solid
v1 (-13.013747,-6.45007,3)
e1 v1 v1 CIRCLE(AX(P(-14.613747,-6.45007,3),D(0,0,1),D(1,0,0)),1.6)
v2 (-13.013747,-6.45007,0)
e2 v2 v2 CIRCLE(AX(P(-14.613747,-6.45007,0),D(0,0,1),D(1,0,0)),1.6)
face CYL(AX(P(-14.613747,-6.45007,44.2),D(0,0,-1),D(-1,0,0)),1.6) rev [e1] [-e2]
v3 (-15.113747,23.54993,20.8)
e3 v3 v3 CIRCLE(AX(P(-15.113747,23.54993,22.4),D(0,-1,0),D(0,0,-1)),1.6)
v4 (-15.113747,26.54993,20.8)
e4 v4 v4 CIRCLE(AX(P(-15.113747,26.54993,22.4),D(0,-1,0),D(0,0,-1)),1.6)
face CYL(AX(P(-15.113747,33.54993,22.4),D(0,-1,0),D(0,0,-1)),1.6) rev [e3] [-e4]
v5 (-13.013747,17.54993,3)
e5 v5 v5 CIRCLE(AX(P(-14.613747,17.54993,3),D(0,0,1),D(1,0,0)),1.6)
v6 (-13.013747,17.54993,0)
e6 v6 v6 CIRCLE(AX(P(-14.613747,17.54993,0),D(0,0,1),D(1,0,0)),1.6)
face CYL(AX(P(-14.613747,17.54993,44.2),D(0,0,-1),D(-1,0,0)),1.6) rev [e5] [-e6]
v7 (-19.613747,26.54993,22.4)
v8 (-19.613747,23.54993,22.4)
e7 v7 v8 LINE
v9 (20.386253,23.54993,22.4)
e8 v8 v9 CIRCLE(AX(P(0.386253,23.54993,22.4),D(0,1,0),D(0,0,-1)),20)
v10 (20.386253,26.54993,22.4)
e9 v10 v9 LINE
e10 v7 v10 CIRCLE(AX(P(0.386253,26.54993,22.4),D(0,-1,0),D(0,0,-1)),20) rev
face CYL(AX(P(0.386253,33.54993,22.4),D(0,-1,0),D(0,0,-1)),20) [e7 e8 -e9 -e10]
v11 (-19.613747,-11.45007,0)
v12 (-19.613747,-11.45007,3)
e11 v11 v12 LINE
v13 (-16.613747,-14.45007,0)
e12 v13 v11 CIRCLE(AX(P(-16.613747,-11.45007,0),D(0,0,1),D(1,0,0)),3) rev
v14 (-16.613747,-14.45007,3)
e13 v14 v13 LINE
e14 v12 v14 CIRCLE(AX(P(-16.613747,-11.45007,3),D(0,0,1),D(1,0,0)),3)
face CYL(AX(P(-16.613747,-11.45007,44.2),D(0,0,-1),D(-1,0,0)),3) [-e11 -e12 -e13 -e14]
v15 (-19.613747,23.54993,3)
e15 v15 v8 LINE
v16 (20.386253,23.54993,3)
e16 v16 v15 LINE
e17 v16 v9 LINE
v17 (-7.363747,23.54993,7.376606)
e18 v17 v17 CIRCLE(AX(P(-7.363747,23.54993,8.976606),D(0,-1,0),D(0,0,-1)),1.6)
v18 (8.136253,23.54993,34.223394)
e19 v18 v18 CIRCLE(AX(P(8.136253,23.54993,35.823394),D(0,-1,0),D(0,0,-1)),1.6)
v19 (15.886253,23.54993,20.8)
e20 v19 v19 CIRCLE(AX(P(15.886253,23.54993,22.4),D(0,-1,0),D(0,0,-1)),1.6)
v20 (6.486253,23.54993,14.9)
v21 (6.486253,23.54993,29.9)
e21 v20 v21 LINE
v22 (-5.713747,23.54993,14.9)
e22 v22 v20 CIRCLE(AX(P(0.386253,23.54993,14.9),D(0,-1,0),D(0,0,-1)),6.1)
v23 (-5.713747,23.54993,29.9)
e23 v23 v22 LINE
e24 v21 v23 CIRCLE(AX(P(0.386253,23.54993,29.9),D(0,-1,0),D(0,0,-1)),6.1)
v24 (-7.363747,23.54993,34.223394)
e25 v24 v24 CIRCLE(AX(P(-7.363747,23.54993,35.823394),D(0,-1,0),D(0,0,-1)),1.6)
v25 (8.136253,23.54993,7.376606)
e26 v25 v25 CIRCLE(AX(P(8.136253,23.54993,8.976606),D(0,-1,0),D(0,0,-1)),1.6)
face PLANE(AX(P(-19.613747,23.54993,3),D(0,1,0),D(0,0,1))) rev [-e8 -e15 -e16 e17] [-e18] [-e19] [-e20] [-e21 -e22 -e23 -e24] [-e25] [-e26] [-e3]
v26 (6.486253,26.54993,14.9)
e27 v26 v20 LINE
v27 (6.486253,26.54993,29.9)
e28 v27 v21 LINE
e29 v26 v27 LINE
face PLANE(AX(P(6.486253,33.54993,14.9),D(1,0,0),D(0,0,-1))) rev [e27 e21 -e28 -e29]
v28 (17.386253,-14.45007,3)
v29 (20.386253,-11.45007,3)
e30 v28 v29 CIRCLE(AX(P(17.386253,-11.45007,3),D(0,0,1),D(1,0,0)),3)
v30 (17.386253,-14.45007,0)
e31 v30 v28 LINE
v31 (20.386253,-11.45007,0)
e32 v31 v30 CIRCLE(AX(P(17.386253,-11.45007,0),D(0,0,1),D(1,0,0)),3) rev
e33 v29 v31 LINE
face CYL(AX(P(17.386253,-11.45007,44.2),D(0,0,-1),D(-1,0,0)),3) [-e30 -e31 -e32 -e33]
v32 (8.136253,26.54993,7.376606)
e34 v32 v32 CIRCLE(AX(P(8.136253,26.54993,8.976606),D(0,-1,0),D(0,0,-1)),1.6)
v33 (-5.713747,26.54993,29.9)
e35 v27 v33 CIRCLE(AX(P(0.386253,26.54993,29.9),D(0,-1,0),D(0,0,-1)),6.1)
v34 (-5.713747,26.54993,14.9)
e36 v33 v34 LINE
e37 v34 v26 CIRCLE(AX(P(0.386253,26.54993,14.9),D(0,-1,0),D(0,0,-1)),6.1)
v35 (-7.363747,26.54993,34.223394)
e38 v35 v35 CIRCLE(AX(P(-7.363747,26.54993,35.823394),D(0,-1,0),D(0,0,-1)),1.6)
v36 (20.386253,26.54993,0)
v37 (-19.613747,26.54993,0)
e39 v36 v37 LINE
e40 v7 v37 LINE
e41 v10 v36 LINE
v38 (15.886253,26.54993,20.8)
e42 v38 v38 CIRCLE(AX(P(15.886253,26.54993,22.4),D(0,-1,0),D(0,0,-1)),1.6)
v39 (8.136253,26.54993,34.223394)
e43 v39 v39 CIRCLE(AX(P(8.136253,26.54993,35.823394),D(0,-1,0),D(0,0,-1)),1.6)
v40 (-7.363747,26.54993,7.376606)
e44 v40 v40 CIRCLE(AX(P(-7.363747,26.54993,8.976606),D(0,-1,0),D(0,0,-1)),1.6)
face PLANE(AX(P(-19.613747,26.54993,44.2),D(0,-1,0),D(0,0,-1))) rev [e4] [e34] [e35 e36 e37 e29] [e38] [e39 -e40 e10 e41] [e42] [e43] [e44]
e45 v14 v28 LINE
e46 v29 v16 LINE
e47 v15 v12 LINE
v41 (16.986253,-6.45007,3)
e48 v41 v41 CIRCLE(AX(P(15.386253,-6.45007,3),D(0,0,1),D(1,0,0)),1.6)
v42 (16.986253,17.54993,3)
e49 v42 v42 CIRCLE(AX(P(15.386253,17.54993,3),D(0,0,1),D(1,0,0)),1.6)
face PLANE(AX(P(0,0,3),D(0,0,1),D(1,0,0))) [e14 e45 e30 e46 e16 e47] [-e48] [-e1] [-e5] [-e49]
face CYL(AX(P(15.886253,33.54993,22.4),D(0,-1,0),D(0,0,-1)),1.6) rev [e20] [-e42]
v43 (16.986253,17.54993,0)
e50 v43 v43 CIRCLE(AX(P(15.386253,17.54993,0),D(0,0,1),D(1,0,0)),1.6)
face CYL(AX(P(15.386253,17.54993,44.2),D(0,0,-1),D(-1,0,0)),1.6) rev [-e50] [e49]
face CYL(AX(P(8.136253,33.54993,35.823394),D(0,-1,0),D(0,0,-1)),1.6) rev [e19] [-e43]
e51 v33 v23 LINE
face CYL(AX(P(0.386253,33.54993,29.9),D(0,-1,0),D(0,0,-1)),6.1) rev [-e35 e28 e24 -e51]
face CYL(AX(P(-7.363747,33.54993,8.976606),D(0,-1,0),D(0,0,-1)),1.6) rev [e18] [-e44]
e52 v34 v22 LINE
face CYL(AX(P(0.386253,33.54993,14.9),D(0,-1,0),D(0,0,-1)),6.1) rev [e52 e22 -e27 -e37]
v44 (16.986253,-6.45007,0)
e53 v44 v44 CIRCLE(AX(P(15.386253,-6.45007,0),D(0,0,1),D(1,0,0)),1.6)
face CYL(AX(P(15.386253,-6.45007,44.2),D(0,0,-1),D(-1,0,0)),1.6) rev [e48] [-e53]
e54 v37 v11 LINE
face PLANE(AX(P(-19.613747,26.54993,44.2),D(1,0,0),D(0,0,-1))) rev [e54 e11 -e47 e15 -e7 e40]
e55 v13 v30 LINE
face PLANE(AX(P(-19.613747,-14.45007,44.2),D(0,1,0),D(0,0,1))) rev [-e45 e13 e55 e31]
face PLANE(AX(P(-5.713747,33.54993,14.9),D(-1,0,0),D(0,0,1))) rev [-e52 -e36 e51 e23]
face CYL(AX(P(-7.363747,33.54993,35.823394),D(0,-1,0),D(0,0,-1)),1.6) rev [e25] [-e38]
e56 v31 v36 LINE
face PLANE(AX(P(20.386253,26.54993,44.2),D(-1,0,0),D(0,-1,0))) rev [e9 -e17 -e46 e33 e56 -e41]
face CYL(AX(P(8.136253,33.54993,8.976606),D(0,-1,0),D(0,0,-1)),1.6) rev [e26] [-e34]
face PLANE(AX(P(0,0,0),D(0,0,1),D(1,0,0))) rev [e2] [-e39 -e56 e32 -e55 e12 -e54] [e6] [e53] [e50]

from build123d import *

# Parameters (mm, degrees)
SKETCH_2_W          = 40
SKETCH_2_H          = 41
SKETCH_2_R          = 1.6
EXTRUDE_1_DEPTH     = 44.2
SKETCH_3_W          = 40
SKETCH_3_H          = 38
CUT_EXTRUDE_1_DEPTH = 41.2
FILLET_1_R          = 3
SKETCH_4_R          = 1.6
CUT_EXTRUDE_2_DEPTH = 10


with BuildPart() as part:
    # 草图2 → 凸台-拉伸1 (new body)
    with BuildSketch(Plane.XY):
        with Locations((0.386252919, 6.049930002)):
            Rectangle(SKETCH_2_W, SKETCH_2_H)
        with Locations((-14.613747081, -6.450069998)):
            Circle(SKETCH_2_R, mode=Mode.SUBTRACT)
        with Locations((15.386252919, -6.450069998)):
            Circle(SKETCH_2_R, mode=Mode.SUBTRACT)
        with Locations((-14.613747081, 17.549930002)):
            Circle(SKETCH_2_R, mode=Mode.SUBTRACT)
        with Locations((15.386252919, 17.549930002)):
            Circle(SKETCH_2_R, mode=Mode.SUBTRACT)
    extrude(amount=EXTRUDE_1_DEPTH)

    # 草图3 → 切除-拉伸1 (cut)
    with BuildSketch(Plane.XY.offset(44.2)):
        with Locations((0.386252919, 4.549930002)):
            Rectangle(SKETCH_3_W, SKETCH_3_H)
    extrude(amount=-CUT_EXTRUDE_1_DEPTH, mode=Mode.SUBTRACT)

    # 圆角1
    fillet_1_edges = [part.edges().sort_by_distance(p)[0] for p in [
        (20.386252919, -14.450069998, 1.5),
        (-19.613747081, -14.450069998, 1.5),
    ]]
    fillet(fillet_1_edges, radius=FILLET_1_R)

    # 草图4 → 切除-拉伸2 (cut)
    with BuildSketch(Plane.XZ.offset(-23.549930002)):
        with Locations((-7.363747081, 35.823393759)):
            Circle(SKETCH_4_R)
        with Locations((8.136252919, 35.823393759)):
            Circle(SKETCH_4_R)
        with Locations((15.886252919, 22.4)):
            Circle(SKETCH_4_R)
        with Locations((8.136252919, 8.976606241)):
            Circle(SKETCH_4_R)
        with Locations((-7.363747081, 8.976606241)):
            Circle(SKETCH_4_R)
        with Locations((-15.113747081, 22.4)):
            Circle(SKETCH_4_R)
        with BuildLine():
            Line((-19.613747081, 44.2), (20.386252919, 44.2))
            Line((20.386252919, 44.2), (20.386252919, 22.4))
            ThreePointArc((20.386252919, 22.4), (0.386252919, 42.4), (-19.613747081, 22.4))
            Line((-19.613747081, 22.4), (-19.613747081, 44.2))
        make_face()
        with BuildLine():
            Line((-5.713747081, 14.9), (-5.713747081, 29.9))
            ThreePointArc((-5.713747081, 29.9), (0.386252919, 36), (6.486252919, 29.9))
            Line((6.486252919, 29.9), (6.486252919, 14.9))
            ThreePointArc((6.486252919, 14.9), (0.386252919, 8.8), (-5.713747081, 14.9))
        make_face()
    extrude(amount=-CUT_EXTRUDE_2_DEPTH, mode=Mode.SUBTRACT)


solid = part.part
